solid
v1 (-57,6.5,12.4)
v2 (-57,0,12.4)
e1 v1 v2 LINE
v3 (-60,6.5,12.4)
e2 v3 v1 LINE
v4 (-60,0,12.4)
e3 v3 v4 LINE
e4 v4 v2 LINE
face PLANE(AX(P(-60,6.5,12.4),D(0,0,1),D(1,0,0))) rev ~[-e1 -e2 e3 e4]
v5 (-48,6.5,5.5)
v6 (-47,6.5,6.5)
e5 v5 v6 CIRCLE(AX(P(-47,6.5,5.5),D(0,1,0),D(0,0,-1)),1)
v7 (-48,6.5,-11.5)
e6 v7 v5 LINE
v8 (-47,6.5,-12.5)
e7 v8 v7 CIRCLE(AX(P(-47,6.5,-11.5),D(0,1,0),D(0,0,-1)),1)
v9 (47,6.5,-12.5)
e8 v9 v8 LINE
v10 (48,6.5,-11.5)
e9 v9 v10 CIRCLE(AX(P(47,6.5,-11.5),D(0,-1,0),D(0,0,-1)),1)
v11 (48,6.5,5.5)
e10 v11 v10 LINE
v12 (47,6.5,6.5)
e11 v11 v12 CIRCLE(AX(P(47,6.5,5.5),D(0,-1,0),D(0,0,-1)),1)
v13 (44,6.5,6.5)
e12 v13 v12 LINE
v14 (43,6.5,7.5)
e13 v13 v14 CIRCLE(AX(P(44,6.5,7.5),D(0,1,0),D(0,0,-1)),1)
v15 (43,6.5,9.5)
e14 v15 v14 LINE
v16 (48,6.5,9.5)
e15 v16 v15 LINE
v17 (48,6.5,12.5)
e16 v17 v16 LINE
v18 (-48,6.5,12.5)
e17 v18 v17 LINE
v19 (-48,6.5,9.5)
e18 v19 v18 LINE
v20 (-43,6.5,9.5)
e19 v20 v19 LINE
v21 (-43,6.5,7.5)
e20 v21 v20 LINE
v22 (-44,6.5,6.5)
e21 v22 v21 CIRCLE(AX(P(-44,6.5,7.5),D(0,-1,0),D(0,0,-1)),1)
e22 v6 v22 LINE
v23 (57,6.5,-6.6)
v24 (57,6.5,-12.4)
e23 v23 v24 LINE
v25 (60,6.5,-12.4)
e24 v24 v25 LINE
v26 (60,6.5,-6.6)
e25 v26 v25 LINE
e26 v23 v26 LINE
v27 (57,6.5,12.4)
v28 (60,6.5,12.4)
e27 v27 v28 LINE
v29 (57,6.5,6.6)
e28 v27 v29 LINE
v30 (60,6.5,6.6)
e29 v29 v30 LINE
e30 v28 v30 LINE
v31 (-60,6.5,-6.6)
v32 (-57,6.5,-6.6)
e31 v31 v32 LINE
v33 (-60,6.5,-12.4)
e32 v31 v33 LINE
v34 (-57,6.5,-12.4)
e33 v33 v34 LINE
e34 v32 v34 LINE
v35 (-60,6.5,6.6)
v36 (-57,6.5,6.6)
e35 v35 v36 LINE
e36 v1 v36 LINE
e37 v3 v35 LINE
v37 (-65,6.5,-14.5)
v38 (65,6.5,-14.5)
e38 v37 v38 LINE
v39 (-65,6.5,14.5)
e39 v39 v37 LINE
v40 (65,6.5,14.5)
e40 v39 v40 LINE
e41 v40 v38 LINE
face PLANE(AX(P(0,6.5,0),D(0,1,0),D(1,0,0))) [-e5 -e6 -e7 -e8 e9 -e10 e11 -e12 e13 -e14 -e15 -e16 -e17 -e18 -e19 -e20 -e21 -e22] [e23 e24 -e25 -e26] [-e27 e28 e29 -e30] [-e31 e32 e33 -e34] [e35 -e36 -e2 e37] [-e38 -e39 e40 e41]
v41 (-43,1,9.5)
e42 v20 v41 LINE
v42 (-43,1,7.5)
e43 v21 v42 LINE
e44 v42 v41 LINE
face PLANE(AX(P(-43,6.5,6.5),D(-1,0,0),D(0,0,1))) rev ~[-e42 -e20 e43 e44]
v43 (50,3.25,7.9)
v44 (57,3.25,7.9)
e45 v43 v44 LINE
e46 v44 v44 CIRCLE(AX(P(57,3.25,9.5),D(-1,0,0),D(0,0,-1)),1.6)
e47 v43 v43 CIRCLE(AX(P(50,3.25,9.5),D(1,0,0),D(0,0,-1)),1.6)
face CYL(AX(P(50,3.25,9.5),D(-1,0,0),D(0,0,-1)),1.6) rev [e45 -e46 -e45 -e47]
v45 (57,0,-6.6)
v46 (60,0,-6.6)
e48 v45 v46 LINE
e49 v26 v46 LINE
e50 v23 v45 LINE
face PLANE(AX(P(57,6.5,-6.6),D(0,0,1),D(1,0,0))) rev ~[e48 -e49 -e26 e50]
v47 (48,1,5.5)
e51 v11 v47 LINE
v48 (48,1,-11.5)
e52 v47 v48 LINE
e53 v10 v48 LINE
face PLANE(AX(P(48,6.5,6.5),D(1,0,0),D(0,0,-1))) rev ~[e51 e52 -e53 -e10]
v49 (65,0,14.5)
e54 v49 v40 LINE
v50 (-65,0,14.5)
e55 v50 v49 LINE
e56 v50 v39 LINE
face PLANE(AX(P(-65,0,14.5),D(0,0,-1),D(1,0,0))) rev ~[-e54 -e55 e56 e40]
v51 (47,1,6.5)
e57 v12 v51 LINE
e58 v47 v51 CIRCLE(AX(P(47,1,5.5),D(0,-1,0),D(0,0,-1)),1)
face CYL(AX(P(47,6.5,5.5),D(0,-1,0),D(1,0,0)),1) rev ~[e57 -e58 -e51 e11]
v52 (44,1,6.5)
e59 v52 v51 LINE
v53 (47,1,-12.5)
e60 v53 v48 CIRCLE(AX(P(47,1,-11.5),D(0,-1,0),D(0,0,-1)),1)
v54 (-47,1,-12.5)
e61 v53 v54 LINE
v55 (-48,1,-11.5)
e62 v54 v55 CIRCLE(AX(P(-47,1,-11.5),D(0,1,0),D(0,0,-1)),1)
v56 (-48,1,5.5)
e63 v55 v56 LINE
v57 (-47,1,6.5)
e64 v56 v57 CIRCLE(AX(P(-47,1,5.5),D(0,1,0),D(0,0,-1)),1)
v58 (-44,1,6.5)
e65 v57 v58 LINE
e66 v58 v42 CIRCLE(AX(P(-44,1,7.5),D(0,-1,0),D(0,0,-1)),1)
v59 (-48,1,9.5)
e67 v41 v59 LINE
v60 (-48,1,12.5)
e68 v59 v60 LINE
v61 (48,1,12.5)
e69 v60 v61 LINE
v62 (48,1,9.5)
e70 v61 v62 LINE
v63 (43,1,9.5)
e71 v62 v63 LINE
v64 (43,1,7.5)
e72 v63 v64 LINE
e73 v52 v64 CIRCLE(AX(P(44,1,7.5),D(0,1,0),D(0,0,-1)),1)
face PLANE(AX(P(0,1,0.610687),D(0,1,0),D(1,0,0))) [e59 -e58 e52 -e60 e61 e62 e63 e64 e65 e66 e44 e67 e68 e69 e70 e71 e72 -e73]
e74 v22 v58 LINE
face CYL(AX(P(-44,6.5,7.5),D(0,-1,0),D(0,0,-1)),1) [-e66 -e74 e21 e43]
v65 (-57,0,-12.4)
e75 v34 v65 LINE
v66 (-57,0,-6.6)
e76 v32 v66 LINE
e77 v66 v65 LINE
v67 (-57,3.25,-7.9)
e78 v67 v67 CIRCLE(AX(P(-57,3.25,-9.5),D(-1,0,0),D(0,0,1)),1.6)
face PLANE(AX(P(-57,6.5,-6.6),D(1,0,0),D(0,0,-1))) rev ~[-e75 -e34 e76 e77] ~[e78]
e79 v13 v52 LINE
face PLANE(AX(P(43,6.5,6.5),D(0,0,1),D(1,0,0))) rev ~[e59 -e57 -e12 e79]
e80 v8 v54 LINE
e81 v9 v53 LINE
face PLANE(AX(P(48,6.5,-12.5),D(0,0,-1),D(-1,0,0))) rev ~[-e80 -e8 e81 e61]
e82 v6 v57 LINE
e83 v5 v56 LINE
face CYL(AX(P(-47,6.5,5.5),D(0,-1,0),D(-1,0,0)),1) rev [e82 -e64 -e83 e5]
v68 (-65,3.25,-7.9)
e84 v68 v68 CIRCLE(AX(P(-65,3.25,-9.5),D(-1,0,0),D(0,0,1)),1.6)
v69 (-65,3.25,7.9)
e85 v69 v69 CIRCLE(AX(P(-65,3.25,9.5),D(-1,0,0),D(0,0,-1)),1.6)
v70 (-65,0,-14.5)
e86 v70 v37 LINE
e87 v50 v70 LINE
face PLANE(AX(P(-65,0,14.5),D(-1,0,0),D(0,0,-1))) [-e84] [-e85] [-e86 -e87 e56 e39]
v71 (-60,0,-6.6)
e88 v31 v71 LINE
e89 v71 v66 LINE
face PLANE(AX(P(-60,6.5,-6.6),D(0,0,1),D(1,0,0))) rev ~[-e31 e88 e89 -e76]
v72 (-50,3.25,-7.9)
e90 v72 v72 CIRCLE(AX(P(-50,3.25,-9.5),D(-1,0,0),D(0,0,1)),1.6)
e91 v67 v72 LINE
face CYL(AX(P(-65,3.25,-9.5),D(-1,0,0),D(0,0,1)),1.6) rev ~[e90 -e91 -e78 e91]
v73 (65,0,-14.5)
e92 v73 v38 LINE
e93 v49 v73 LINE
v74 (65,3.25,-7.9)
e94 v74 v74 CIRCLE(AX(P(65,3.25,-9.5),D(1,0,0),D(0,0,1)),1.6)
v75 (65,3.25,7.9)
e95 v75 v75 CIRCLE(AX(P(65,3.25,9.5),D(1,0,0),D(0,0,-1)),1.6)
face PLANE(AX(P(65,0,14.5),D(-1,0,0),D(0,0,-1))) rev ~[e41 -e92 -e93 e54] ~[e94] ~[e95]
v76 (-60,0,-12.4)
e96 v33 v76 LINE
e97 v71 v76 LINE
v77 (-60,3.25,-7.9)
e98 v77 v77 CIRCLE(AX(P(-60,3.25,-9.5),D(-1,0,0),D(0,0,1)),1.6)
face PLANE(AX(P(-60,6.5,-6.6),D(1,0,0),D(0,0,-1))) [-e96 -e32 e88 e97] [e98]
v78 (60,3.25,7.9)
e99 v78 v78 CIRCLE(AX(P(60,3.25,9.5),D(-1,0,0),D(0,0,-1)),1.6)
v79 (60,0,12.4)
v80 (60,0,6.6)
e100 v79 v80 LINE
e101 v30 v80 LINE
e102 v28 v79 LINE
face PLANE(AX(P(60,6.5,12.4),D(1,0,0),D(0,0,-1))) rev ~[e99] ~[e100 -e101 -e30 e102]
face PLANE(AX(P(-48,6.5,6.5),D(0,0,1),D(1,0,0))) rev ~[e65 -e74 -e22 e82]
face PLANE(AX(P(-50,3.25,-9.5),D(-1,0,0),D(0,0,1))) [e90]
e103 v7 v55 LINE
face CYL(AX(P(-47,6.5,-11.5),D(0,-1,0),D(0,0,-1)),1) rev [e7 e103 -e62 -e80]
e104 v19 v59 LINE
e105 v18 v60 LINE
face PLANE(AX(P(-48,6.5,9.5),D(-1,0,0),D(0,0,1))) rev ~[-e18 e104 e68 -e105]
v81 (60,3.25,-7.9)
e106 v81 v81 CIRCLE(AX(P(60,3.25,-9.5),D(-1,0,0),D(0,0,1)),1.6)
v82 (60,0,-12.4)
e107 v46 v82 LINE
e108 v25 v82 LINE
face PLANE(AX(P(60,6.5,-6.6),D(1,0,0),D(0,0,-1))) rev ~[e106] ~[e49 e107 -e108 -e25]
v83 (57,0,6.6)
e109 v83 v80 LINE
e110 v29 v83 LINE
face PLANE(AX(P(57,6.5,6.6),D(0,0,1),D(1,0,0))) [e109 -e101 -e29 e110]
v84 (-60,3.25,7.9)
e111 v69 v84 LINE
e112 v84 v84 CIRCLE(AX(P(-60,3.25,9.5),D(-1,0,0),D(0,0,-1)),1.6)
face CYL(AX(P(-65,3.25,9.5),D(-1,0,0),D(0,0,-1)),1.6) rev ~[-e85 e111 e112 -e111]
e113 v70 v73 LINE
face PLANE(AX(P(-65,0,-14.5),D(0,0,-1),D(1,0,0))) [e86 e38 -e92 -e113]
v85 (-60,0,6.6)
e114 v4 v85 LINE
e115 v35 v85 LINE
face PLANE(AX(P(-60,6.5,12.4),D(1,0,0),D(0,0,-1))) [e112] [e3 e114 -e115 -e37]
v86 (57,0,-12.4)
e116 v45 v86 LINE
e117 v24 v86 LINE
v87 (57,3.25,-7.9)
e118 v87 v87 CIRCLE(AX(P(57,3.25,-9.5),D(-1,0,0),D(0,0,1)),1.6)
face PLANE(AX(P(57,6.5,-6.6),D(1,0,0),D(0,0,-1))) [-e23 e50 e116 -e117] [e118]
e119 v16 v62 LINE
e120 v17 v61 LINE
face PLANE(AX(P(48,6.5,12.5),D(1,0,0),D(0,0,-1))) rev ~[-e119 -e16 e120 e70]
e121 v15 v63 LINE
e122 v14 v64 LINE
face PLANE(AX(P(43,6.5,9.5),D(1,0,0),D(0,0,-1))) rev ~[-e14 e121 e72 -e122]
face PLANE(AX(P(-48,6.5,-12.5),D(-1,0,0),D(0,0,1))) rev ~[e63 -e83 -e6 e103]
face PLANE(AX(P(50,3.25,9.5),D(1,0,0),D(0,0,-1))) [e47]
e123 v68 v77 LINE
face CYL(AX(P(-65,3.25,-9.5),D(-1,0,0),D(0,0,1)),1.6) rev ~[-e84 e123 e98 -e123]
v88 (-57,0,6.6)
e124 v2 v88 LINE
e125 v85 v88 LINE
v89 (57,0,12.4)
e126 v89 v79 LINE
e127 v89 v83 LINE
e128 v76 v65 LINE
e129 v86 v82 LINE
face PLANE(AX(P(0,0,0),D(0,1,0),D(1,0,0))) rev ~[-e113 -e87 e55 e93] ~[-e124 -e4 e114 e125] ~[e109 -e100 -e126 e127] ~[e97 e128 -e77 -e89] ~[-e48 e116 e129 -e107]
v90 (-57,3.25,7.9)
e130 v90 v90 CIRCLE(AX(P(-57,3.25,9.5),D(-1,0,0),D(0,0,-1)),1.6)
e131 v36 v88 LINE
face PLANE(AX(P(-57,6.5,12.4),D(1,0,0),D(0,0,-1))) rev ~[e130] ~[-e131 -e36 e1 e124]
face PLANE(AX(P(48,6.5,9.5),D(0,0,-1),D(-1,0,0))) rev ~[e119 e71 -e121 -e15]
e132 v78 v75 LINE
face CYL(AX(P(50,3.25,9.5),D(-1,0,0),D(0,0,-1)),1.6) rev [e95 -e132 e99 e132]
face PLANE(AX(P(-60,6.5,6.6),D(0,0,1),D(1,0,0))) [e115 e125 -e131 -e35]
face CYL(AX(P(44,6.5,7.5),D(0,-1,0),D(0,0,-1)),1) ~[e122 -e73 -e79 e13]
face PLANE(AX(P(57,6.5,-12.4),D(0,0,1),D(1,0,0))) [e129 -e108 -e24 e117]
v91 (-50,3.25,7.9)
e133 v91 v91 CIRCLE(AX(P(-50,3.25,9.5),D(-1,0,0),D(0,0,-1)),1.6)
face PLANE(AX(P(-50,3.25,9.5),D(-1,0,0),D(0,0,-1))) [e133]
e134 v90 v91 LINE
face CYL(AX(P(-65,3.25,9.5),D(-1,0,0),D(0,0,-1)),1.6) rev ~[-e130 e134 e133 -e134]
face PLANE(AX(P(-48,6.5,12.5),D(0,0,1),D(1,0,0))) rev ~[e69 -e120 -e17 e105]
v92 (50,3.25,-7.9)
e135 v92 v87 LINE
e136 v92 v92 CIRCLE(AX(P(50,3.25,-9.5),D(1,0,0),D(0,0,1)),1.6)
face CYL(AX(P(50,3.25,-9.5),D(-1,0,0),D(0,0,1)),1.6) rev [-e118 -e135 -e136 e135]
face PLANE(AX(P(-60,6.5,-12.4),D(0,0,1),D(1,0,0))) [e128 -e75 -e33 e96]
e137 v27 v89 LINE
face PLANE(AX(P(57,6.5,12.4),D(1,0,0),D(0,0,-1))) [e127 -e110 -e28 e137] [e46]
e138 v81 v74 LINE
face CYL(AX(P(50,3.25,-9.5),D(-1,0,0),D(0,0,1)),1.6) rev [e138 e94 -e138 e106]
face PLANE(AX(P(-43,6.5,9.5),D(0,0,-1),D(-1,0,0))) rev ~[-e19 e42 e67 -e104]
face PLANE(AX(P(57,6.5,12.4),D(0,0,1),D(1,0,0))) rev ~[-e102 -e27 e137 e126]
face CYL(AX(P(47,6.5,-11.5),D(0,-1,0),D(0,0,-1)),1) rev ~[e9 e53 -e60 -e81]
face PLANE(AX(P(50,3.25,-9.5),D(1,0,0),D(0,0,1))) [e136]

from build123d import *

# Parameters (mm, degrees)
CROQUIS1_W              = 130
CROQUIS1_H              = 29
SALIENTE_EXTRUIR1_DEPTH = 6.5
CORTAR_EXTRUIR1_DEPTH   = 5.5
CROQUIS3_W              = 3
CROQUIS3_H              = 5.8
CORTAR_EXTRUIR2_DEPTH   = 67.91412407
CROQUIS4_R              = 1.6
CORTAR_EXTRUIR3_DEPTH   = 15
CORTAR_EXTRUIR4_START   = -15
CROQUIS5_R              = 1.6
CORTAR_EXTRUIR4_DEPTH   = 15
REDONDEO1_R             = 1


with BuildPart() as part:
    # Croquis1 → Saliente-Extruir1 (new body)
    with BuildSketch(Plane(origin=(0, 0, 0), x_dir=(1, 0, 0), z_dir=(0, 1, 0))):
        Rectangle(CROQUIS1_W, CROQUIS1_H)
    extrude(amount=SALIENTE_EXTRUIR1_DEPTH)

    # Croquis2 → Cortar-Extruir1 (cut)
    with BuildSketch(Plane(origin=(0, 6.5, 0), x_dir=(1, 0, 0), z_dir=(0, 1, 0))):
        Polygon((48, 12.5), (-48, 12.5), (-48, -6.5), (-43, -6.5), (-43, -9.5), (-48, -9.5), (-48, -12.5), (48, -12.5), (48, -9.5), (43, -9.5), (43, -6.5), (48, -6.5), align=None)
    extrude(amount=-CORTAR_EXTRUIR1_DEPTH, mode=Mode.SUBTRACT)

    # Croquis3 → Cortar-Extruir2 (cut, through all)
    with BuildSketch(Plane(origin=(0, 6.5, 0), x_dir=(1, 0, 0), z_dir=(0, 1, 0))):
        with Locations((-58.5, -9.5)):
            Rectangle(CROQUIS3_W, CROQUIS3_H)
        with Locations((-58.5, 9.5)):
            Rectangle(CROQUIS3_W, CROQUIS3_H)
        with Locations((58.5, -9.5)):
            Rectangle(CROQUIS3_W, CROQUIS3_H)
        with Locations((58.5, 9.5)):
            Rectangle(CROQUIS3_W, CROQUIS3_H)
    extrude(amount=-CORTAR_EXTRUIR2_DEPTH, mode=Mode.SUBTRACT)

    # Croquis4 → Cortar-Extruir3 (cut)
    with BuildSketch(Plane.ZY.offset(65)):
        with Locations((-9.5, 3.25)):
            Circle(CROQUIS4_R)
        with Locations(Location((9.5, 3.25, 0), (0, 0, 180))):
            Circle(CROQUIS4_R)
    extrude(amount=-CORTAR_EXTRUIR3_DEPTH, mode=Mode.SUBTRACT)

    # Croquis5 → Cortar-Extruir4 (cut)
    with BuildSketch(Plane(origin=(65, 0, 0), x_dir=(0, 0, -1), z_dir=(1, 0, 0)).offset(CORTAR_EXTRUIR4_START)):
        with Locations((-9.5, 3.25)):
            Circle(CROQUIS5_R)
        with Locations(Location((9.5, 3.25, 0), (0, 0, 180))):
            Circle(CROQUIS5_R)
    extrude(amount=CORTAR_EXTRUIR4_DEPTH, mode=Mode.SUBTRACT)

    # Redondeo1
    redondeo1_edges = [part.edges().sort_by_distance(p)[0] for p in [
        (-48, 3.75, 6.5),
        (-48, 3.75, -12.5),
        (48, 3.75, -12.5),
        (48, 3.75, 6.5),
        (43, 3.75, 6.5),
        (-43, 3.75, 6.5),
    ]]
    fillet(redondeo1_edges, radius=REDONDEO1_R)


solid = part.part
